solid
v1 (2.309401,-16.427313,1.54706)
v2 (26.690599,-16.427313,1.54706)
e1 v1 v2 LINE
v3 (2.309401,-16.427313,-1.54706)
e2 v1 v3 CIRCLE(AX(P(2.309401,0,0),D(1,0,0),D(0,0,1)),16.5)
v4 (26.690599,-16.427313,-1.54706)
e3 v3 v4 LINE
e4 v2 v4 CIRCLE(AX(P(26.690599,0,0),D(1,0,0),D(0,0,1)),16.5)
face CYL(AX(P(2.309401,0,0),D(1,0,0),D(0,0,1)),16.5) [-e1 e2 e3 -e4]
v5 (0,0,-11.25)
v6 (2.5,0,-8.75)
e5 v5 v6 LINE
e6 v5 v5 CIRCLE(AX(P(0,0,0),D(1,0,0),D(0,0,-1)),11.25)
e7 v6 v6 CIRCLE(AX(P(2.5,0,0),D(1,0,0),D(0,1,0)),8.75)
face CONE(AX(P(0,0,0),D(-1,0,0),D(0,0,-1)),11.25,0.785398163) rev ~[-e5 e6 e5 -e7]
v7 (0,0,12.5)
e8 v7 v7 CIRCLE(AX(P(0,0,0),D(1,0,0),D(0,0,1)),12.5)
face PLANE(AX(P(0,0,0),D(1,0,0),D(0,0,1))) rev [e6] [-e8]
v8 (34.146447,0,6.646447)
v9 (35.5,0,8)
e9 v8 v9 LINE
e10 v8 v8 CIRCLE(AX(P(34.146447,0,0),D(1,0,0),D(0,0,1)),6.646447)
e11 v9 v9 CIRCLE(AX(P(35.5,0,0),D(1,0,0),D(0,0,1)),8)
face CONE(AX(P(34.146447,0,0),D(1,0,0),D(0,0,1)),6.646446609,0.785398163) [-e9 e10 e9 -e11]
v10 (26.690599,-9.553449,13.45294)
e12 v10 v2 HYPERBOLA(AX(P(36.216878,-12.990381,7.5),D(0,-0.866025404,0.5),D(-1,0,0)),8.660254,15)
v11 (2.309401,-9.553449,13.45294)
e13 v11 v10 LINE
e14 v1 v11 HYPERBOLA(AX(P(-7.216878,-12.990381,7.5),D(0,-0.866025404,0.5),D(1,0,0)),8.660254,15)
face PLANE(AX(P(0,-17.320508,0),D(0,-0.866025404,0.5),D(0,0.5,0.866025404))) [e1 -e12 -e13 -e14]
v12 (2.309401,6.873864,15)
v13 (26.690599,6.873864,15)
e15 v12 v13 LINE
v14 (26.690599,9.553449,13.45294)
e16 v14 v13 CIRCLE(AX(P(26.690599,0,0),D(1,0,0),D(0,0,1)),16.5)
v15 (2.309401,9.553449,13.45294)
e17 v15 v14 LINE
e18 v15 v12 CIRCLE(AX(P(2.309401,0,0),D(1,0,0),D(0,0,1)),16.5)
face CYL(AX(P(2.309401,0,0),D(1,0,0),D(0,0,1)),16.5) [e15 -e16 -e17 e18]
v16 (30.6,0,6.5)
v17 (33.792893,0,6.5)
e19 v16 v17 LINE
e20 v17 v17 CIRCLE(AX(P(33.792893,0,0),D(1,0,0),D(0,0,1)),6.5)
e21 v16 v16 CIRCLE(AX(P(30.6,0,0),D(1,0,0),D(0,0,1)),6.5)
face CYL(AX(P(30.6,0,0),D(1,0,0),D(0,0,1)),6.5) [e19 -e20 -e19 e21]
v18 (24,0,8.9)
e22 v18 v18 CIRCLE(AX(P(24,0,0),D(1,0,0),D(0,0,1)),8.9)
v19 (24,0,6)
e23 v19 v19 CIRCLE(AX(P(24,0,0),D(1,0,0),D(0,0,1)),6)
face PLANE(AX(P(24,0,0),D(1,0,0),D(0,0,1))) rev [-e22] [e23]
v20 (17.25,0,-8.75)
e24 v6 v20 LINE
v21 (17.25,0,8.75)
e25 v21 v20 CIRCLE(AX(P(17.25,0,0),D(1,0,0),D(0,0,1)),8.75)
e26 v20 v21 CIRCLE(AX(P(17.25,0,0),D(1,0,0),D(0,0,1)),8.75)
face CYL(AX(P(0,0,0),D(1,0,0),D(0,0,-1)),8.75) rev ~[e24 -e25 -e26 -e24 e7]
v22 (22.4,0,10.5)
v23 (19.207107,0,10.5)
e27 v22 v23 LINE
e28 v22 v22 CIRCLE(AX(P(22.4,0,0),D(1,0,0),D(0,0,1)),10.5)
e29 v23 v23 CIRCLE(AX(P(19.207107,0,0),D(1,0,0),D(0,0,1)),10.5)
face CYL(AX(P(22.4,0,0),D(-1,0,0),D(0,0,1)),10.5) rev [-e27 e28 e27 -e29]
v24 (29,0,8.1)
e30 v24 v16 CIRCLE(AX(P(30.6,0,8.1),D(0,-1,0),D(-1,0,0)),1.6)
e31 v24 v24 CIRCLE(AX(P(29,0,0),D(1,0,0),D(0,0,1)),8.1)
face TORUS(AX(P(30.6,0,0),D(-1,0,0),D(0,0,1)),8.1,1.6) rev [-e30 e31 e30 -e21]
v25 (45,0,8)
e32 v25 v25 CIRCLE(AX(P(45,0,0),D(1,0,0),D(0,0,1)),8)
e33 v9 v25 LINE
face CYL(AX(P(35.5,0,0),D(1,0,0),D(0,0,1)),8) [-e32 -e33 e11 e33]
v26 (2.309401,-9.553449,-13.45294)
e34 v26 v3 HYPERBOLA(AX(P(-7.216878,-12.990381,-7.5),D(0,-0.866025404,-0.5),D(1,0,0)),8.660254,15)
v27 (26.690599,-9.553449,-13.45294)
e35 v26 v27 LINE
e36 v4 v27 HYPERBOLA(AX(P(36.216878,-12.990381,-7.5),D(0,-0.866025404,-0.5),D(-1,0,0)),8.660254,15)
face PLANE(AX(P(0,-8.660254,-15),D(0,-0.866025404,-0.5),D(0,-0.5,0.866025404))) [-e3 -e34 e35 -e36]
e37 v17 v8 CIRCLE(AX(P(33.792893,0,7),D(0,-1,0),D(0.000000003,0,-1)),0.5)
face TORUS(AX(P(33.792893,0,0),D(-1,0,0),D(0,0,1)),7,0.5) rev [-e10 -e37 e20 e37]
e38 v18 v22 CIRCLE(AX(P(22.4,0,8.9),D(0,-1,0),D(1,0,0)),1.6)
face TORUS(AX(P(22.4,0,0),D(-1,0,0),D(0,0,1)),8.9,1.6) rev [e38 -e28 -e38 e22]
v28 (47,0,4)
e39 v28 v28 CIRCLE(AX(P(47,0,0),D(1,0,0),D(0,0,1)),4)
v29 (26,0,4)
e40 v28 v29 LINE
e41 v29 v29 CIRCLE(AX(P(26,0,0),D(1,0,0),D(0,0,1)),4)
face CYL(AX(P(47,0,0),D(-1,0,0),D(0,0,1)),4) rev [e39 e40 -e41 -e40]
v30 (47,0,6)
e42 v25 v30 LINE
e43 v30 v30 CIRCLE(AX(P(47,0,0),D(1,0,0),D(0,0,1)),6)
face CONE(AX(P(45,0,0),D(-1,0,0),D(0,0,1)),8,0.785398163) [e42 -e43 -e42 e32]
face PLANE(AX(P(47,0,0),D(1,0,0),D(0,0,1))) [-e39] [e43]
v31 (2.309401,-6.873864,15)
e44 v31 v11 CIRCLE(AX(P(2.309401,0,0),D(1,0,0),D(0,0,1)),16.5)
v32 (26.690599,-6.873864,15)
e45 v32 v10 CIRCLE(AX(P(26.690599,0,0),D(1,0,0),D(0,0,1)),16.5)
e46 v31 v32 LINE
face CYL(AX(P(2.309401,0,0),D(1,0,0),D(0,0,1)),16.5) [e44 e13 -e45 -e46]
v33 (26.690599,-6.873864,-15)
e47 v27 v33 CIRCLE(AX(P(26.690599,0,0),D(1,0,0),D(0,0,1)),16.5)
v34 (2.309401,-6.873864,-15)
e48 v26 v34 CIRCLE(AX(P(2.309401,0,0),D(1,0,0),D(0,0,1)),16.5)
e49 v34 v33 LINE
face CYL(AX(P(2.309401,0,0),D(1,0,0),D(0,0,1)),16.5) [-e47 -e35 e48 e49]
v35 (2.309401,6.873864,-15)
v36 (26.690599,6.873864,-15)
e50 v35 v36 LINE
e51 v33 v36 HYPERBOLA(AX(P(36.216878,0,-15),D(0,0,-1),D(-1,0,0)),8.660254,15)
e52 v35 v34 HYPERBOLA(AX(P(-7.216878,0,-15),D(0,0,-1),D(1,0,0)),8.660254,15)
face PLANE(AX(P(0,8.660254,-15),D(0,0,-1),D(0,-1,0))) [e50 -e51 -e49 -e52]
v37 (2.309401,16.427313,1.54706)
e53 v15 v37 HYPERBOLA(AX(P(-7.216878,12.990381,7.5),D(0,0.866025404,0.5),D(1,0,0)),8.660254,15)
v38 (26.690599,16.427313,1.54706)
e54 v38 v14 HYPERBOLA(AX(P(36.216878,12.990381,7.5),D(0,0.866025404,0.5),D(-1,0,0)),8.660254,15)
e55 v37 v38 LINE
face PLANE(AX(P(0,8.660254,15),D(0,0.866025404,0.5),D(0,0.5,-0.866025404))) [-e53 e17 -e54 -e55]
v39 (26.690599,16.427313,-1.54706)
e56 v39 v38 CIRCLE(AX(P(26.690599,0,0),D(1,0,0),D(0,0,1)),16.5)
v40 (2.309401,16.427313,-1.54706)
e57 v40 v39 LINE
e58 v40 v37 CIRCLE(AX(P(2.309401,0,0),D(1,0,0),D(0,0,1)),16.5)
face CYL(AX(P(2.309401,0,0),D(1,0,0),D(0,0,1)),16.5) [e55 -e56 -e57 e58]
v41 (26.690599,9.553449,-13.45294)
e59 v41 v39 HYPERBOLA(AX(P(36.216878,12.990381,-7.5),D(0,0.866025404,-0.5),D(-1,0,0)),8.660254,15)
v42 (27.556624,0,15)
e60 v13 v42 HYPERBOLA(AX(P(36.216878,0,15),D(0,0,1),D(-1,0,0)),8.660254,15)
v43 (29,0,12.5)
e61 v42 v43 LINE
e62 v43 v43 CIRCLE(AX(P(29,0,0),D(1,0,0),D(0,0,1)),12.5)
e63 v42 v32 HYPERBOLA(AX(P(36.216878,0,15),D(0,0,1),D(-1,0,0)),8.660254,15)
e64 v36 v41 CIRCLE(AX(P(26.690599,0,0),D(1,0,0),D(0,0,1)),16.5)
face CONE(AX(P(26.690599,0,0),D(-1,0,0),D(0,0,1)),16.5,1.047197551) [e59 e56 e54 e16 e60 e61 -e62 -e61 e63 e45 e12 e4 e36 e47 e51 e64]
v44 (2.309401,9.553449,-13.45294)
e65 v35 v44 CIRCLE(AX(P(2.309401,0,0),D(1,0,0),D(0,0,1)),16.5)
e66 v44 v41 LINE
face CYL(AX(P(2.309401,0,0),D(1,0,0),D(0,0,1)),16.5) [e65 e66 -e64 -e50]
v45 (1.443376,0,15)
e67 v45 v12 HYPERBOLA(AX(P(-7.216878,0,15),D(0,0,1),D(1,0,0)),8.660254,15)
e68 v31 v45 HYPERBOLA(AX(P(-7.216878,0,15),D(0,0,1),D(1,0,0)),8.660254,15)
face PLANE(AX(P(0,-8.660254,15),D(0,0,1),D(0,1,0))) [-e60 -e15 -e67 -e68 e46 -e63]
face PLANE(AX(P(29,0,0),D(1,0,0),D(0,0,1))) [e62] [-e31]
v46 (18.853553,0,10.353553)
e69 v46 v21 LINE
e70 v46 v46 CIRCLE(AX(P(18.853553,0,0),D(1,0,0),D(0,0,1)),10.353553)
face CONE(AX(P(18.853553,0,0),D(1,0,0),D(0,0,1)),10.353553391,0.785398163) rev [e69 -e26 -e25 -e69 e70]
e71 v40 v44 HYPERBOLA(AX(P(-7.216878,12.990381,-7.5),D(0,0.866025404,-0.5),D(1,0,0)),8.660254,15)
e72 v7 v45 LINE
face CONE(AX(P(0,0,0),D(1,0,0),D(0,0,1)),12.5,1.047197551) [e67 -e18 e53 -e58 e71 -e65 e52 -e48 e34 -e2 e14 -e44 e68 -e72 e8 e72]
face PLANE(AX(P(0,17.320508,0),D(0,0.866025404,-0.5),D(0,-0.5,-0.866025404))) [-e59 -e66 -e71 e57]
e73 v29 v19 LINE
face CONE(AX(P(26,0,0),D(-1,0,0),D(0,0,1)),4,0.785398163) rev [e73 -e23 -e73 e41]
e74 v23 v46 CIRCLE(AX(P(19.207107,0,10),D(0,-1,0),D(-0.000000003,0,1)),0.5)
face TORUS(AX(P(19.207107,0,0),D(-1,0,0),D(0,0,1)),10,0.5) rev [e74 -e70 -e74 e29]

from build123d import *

# Parameters (mm, degrees)
HOLE_WIZARD_1_D           = 17.5
HOLE_WIZARD_1_DEPTH       = 23.999
HOLE_WIZARD_1_CSINK_D     = 22.5
HOLE_WIZARD_1_CSINK_ANGLE = 90
SKETCH_4_OUTSIDE_W        = 48.246
SKETCH_4_OUTSIDE_H        = 48.246
CUT_EXTRUDE_1_DEPTH       = 53.473802988


with BuildPart() as part:
    # Эскиз1 → Повернуть1 (revolve)
    with BuildSketch(Plane.XY, mode=Mode.PRIVATE) as revolve_1_sk:
        with BuildLine():
            Line((30.6, 6.5), (33.792893219, 6.5))
            ThreePointArc((33.792893219, 6.5), (33.984234935, 6.538060234), (34.146446609, 6.646446609))
            Line((34.146446609, 6.646446609), (35.5, 8))
            Line((35.5, 8), (45, 8))
            Line((45, 8), (47, 6))
            Line((47, 6), (47, 4))
            Line((47, 4), (26, 4))
            Line((26, 4), (24, 6))
            Line((24, 6), (24, 8.9))
            ThreePointArc((24, 8.9), (23.53137085, 10.03137085), (22.4, 10.5))
            Line((22.4, 10.5), (19.207106781, 10.5))
            ThreePointArc((19.207106781, 10.5), (19.015765065, 10.461939766), (18.853553391, 10.353553391))
            Line((18.853553391, 10.353553391), (8.5, 0))
            Line((8.5, 0), (0, 0))
            Line((0, 0), (0, 12.5))
            Line((0, 12.5), (2.309401077, 16.5))
            Line((2.309401077, 16.5), (26.690598923, 16.5))
            Line((26.690598923, 16.5), (29, 12.5))
            Line((29, 12.5), (29, 8.1))
            ThreePointArc((29, 8.1), (29.46862915, 6.96862915), (30.6, 6.5))
        make_face()
    revolve(revolve_1_sk.sketch.rotate(Axis((-14.464864865, 0, 0), (1, 0, 0)), 90), axis=Axis((-14.464864865, 0, 0), (1, 0, 0)))

    # Отверстие обработанное метчиком 1
    with Locations(Plane.ZY):
        with Locations((0, 0)):
            CounterSinkHole(HOLE_WIZARD_1_D / 2, HOLE_WIZARD_1_CSINK_D / 2, depth=HOLE_WIZARD_1_DEPTH, counter_sink_angle=HOLE_WIZARD_1_CSINK_ANGLE)

    # Эскиз4 outside → Вырез-Вытянуть1 (cut, through all)
    with BuildSketch(Plane.ZY):
        Rectangle(SKETCH_4_OUTSIDE_W, SKETCH_4_OUTSIDE_H)
        Polygon((0, 17.320508076), (-15, 8.660254038), (-15, -8.660254038), (0, -17.320508076), (15, -8.660254038), (15, 8.660254038), align=None, mode=Mode.SUBTRACT)
    extrude(amount=-CUT_EXTRUDE_1_DEPTH, mode=Mode.SUBTRACT)


solid = part.part
